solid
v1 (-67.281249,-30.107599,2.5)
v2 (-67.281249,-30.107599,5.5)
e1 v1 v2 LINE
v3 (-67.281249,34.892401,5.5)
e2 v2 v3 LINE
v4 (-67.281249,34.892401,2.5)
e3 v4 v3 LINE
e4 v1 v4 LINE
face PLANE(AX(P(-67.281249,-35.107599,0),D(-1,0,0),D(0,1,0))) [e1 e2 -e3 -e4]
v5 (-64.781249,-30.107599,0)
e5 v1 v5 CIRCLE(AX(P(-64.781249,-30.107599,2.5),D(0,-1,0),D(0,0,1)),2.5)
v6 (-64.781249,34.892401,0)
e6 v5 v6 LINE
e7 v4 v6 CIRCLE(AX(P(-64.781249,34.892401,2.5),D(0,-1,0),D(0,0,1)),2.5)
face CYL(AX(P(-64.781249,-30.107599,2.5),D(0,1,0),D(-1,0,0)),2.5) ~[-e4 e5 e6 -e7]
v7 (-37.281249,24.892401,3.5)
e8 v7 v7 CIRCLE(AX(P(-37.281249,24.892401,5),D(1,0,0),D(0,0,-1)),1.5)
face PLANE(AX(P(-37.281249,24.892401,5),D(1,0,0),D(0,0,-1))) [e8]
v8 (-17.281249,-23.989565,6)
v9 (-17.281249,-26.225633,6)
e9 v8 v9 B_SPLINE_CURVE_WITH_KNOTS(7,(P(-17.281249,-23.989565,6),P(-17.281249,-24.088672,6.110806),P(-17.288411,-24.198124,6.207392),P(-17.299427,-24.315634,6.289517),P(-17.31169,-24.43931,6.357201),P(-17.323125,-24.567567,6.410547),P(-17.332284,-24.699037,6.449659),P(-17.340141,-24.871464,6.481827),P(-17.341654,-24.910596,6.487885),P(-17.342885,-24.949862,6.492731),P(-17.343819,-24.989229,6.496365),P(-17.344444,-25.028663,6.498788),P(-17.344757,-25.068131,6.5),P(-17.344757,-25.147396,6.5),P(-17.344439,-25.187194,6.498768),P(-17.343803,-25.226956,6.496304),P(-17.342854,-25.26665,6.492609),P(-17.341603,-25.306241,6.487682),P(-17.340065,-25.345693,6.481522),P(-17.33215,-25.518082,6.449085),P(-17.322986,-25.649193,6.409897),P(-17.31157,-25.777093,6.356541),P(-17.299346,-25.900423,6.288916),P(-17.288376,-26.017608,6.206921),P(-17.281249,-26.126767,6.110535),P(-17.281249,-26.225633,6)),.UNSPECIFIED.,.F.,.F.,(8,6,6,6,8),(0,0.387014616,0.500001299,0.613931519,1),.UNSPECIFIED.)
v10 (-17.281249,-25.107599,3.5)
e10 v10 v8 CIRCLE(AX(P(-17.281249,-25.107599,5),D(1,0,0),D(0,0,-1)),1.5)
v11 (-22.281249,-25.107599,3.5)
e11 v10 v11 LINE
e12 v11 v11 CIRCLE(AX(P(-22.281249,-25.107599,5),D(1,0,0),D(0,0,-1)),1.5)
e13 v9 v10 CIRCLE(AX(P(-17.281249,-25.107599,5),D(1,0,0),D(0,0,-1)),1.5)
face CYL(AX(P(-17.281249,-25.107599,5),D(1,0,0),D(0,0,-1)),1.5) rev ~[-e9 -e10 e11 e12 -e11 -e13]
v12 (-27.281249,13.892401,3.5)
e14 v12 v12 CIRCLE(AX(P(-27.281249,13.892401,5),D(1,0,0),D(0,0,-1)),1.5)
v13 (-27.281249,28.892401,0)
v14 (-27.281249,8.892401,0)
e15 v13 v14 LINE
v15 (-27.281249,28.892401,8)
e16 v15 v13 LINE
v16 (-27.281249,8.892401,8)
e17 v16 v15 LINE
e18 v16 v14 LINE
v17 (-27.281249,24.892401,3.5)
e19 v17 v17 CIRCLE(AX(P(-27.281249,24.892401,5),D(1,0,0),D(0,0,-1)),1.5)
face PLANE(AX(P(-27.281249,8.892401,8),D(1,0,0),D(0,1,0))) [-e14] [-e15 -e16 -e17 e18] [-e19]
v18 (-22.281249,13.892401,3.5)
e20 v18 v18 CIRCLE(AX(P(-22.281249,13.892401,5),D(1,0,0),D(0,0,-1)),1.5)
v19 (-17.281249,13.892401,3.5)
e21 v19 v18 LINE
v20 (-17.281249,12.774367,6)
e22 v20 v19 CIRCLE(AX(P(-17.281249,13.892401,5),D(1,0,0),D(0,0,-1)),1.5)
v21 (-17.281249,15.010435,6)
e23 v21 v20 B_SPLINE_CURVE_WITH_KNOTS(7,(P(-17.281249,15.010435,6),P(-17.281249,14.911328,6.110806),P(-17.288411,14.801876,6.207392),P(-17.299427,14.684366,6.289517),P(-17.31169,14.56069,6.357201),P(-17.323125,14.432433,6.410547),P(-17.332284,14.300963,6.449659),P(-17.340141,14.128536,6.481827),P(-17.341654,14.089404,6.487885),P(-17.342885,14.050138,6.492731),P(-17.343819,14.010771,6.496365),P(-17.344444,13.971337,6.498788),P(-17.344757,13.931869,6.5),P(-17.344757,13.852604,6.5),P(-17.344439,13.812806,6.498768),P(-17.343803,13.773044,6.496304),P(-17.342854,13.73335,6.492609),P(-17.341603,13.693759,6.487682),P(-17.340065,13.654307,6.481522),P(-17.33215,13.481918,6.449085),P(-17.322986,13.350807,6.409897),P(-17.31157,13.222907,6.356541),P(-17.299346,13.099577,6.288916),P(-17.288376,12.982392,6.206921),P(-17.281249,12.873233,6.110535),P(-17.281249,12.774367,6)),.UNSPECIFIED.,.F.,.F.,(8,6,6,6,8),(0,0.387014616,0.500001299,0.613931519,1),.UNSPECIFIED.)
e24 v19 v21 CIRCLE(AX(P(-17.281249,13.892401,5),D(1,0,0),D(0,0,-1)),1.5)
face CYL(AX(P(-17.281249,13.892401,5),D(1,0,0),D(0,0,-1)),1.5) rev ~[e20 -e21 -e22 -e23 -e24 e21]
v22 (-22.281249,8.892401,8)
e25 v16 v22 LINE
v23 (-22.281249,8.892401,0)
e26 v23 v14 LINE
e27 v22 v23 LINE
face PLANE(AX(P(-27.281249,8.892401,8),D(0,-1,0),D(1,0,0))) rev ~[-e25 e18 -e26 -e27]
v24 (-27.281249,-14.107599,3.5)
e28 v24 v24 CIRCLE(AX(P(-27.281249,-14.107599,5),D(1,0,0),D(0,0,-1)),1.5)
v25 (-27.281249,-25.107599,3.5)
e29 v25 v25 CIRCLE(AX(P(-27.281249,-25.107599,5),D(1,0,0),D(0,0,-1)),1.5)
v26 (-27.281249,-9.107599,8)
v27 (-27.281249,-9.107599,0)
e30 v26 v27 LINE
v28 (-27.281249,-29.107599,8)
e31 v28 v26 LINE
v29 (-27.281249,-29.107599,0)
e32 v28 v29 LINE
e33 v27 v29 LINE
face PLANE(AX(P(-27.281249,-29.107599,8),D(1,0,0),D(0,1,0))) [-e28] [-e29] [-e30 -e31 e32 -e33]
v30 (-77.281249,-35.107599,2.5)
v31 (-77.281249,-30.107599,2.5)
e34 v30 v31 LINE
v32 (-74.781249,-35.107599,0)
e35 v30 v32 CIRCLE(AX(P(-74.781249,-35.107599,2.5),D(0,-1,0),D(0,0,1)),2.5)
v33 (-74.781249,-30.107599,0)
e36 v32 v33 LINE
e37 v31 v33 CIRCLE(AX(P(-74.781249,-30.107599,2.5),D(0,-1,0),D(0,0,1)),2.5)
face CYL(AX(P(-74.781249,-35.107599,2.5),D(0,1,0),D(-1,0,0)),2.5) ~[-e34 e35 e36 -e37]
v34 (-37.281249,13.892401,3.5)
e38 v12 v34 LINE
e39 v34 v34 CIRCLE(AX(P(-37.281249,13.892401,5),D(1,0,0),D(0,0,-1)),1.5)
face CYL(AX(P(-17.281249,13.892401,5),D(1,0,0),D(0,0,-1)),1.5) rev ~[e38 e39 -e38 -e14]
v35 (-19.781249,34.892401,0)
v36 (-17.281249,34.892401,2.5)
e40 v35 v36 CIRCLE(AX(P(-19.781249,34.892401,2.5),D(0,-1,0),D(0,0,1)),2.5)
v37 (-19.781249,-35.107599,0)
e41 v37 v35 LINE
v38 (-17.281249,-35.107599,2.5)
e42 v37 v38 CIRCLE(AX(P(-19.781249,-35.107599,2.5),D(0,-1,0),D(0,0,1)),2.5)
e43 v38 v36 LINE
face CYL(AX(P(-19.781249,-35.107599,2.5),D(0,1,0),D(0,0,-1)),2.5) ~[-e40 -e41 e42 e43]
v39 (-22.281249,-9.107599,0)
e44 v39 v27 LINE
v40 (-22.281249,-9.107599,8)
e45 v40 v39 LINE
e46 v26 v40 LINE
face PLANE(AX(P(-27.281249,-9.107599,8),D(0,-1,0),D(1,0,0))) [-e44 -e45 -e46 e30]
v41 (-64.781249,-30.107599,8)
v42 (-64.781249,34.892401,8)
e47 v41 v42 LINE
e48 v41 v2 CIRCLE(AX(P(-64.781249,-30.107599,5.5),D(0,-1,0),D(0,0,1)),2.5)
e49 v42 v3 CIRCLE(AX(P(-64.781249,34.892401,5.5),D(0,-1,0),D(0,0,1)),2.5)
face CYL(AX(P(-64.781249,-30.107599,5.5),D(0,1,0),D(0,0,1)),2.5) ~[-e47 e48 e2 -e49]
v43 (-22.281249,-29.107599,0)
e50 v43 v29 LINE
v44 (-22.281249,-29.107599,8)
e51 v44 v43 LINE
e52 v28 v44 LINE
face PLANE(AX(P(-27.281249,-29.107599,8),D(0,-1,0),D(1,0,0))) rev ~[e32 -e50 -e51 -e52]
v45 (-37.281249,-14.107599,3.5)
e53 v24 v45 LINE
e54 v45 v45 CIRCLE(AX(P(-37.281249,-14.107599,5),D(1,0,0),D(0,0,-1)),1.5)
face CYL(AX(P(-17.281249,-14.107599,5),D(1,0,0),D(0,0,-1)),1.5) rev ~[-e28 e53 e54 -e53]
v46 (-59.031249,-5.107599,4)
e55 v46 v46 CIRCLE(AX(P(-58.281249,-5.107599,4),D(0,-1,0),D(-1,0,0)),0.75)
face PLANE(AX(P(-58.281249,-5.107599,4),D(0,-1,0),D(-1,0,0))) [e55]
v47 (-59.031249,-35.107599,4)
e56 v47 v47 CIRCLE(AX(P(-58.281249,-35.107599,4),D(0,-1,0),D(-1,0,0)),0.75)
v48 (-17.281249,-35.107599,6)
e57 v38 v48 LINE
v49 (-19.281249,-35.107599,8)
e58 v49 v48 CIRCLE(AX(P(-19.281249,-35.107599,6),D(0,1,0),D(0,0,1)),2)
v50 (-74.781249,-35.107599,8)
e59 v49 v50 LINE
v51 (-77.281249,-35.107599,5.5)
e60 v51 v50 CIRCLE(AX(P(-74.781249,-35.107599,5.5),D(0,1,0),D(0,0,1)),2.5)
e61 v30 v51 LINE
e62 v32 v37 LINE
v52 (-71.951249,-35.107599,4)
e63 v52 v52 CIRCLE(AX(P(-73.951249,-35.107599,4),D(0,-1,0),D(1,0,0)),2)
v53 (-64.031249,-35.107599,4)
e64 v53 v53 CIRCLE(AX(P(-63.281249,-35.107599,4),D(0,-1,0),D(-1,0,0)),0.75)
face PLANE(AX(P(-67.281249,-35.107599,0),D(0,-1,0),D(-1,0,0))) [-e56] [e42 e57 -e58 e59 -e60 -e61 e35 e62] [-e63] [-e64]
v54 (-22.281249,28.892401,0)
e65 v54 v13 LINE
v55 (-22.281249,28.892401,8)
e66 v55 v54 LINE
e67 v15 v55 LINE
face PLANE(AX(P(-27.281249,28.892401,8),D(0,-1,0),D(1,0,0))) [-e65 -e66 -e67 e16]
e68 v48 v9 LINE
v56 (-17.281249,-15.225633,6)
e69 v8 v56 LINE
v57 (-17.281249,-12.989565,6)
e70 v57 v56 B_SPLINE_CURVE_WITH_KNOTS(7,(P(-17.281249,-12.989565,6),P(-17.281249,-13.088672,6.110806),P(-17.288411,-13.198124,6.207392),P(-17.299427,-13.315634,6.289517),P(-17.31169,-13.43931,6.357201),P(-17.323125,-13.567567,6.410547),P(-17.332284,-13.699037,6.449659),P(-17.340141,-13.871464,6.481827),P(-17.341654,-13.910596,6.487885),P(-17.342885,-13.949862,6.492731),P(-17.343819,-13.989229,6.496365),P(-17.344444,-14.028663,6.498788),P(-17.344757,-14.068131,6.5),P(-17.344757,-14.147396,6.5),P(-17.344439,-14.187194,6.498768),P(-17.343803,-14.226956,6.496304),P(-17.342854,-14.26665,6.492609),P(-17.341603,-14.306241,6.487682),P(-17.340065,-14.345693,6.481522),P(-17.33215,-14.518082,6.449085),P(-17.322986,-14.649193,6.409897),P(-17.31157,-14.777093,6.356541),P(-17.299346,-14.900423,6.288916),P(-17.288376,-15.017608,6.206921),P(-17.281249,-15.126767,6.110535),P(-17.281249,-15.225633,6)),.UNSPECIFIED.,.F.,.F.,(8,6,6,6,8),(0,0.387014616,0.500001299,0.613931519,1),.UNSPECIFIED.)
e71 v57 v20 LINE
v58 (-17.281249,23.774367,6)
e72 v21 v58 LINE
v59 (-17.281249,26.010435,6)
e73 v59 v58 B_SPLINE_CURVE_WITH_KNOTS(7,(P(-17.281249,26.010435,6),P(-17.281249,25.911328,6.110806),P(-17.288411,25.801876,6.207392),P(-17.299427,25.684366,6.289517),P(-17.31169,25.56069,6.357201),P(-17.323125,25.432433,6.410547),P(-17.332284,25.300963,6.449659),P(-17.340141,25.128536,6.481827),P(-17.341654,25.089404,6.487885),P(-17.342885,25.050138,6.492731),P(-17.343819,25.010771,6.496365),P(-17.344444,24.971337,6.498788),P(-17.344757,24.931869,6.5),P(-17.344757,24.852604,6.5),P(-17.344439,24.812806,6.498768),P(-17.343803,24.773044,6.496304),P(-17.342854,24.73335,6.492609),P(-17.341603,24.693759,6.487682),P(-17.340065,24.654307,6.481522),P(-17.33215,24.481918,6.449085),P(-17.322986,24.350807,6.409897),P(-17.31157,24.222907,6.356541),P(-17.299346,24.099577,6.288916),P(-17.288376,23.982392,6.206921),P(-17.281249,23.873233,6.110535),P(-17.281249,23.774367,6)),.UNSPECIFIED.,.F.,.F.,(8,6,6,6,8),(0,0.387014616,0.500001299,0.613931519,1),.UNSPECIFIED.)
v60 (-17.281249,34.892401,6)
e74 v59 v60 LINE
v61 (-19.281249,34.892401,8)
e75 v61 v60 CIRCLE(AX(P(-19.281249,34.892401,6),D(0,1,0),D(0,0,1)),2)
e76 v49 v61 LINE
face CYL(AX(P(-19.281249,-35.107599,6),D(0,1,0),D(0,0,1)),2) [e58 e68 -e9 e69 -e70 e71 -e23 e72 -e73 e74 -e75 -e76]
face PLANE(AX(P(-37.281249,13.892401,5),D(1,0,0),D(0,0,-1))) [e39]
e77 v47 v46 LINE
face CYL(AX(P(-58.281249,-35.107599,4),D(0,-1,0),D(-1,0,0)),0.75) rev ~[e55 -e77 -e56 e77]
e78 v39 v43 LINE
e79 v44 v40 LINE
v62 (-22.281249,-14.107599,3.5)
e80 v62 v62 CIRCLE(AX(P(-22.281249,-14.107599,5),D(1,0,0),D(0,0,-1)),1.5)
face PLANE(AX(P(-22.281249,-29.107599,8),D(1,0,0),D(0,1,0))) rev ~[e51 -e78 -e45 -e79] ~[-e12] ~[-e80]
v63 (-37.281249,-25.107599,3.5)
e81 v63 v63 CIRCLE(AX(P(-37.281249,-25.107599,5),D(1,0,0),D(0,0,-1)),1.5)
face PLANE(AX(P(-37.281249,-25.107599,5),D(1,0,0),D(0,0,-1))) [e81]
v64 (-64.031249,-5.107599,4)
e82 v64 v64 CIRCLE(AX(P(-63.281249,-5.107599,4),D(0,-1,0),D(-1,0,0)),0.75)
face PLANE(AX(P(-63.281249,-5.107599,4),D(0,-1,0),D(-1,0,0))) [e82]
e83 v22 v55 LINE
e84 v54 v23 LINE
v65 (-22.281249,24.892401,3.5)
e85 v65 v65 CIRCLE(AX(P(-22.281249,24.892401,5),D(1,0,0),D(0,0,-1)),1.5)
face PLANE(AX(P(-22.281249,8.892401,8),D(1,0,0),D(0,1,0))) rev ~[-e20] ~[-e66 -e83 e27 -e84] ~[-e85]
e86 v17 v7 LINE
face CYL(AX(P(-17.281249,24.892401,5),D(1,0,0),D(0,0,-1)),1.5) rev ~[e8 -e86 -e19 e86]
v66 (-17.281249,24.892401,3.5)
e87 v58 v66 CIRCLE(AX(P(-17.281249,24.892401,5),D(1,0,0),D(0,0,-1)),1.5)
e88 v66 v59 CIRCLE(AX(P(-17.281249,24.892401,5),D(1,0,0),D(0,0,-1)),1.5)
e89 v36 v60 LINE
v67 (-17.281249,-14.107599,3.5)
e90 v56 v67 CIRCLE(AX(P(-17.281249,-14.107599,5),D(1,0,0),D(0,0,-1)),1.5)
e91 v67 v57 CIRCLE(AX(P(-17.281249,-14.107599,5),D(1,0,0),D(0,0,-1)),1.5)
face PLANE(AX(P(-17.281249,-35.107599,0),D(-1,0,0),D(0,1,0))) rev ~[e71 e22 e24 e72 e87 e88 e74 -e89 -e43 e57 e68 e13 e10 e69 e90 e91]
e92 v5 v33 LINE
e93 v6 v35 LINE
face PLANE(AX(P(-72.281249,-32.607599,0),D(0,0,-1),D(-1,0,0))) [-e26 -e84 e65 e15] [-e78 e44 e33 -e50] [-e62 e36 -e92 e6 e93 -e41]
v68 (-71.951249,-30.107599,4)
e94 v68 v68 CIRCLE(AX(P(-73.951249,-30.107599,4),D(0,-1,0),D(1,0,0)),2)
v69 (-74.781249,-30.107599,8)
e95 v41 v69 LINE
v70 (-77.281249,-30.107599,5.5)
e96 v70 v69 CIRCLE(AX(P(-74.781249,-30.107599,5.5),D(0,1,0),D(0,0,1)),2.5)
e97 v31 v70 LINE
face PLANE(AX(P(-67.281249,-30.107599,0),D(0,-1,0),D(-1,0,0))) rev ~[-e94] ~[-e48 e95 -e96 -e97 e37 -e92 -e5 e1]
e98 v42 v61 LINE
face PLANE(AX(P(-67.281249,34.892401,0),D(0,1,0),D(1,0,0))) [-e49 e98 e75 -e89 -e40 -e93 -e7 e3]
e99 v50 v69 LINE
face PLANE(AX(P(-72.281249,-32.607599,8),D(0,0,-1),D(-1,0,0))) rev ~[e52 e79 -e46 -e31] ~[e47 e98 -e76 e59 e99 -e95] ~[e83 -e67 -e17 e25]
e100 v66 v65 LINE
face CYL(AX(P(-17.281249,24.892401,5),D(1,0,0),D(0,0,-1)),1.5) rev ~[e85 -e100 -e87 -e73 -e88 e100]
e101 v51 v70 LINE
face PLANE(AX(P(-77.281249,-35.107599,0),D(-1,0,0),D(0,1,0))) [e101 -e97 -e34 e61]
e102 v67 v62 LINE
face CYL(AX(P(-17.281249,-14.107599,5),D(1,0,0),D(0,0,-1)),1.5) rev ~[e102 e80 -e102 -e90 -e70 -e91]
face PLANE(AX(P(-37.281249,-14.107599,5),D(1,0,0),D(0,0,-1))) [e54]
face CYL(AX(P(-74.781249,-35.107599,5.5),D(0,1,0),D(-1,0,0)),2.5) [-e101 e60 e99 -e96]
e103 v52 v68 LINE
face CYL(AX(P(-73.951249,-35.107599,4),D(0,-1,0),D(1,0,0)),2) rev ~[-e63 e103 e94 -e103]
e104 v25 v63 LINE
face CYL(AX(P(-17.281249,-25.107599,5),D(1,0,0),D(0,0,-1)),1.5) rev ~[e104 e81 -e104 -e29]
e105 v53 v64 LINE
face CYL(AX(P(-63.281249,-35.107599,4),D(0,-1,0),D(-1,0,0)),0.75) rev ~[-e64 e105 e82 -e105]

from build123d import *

# Parameters (mm, degrees)
ESBO_O2_W                = 50
ESBO_O2_H                = 70
RESSALTO_EXTRUS_O1_DEPTH = 8
ESBO_O3_R                = 0.75
CORTE_EXTRUS_O1_DEPTH    = 30
FILETE1_R                = 2
ESBO_O17_W               = 10
ESBO_O17_H               = 5
RESSALTO_EXTRUS_O4_DEPTH = 8
ESBO_O20_R               = 2
CORTE_EXTRUS_O9_DEPTH    = 8
FILETE2_R                = 2.5
FILETE3_R                = 2.5
FILETE4_R                = 2.5
FILETE5_R                = 2.5
ESBO_O21_W               = 5
ESBO_O21_H               = 20
CORTE_EXTRUS_O10_DEPTH   = 9
FILETE6_R                = 2.5
ESBO_O22_R               = 1.5
CORTE_EXTRUS_O11_DEPTH   = 20


with BuildPart() as part:
    # Esboço2 → Ressalto-extrusão1 (new body)
    with BuildSketch(Plane.XY):
        with Locations((-42.281248797, -0.107598663)):
            Rectangle(ESBO_O2_W, ESBO_O2_H)
    extrude(amount=RESSALTO_EXTRUS_O1_DEPTH)

    # Esboço3 → Corte-extrusão1 (cut)
    with BuildSketch(Plane(origin=(0, -35.107598663, 0), x_dir=(-1, 0, 0), z_dir=(0, -1, 0))):
        with Locations((58.281248797, -4)):
            Circle(ESBO_O3_R)
        with Locations((63.281248797, -4)):
            Circle(ESBO_O3_R)
    extrude(amount=-CORTE_EXTRUS_O1_DEPTH, mode=Mode.SUBTRACT)

    # Filete1
    filete1_edges = [part.edges().sort_by_distance(p)[0] for p in [
        (-17.281248797, -0.107598663, 8),
    ]]
    fillet(filete1_edges, radius=FILETE1_R)

    # Esboço17 → Ressalto-extrusão4 (add)
    with BuildSketch(Plane(origin=(0, 0, 0), x_dir=(-1, 0, 0), z_dir=(0, 0, -1))):
        with Locations((72.281248797, -32.607598663)):
            Rectangle(ESBO_O17_W, ESBO_O17_H)
    extrude(amount=-RESSALTO_EXTRUS_O4_DEPTH)

    # Esboço20 → Corte-extrusão9 (cut)
    with BuildSketch(Plane.XZ.offset(35.107598663)):
        with Locations((-73.951248797, 4)):
            Circle(ESBO_O20_R)
    extrude(amount=-CORTE_EXTRUS_O9_DEPTH, mode=Mode.SUBTRACT)

    # Filete2
    filete2_edges = [part.edges().sort_by_distance(p)[0] for p in [
        (-67.281248797, 2.392401337, 8),
    ]]
    fillet(filete2_edges, radius=FILETE2_R)

    # Filete3
    filete3_edges = [part.edges().sort_by_distance(p)[0] for p in [
        (-67.281248797, 2.392401337, 0),
    ]]
    fillet(filete3_edges, radius=FILETE3_R)

    # Filete4
    filete4_edges = [part.edges().sort_by_distance(p)[0] for p in [
        (-77.281248797, -32.607598663, 8),
    ]]
    fillet(filete4_edges, radius=FILETE4_R)

    # Filete5
    filete5_edges = [part.edges().sort_by_distance(p)[0] for p in [
        (-77.281248797, -32.607598663, 0),
    ]]
    fillet(filete5_edges, radius=FILETE5_R)

    # Esboço21 → Corte-extrusão10 (cut, through all)
    with BuildSketch(Plane.XY.offset(8)):
        with Locations((-24.781248797, 18.892401337)):
            Rectangle(ESBO_O21_W, ESBO_O21_H)
        with Locations((-24.781248797, -19.107598663)):
            Rectangle(ESBO_O21_W, ESBO_O21_H)
    extrude(amount=-CORTE_EXTRUS_O10_DEPTH, mode=Mode.SUBTRACT)

    # Filete6
    filete6_edges = [part.edges().sort_by_distance(p)[0] for p in [
        (-17.281248797, -0.107598663, 0),
    ]]
    fillet(filete6_edges, radius=FILETE6_R)

    # Esboço22 → Corte-extrusão11 (cut)
    with BuildSketch(Plane(origin=(-17.281248797, 0, 0), x_dir=(0, 0, -1), z_dir=(1, 0, 0))):
        with Locations((-5, -25.107598663)):
            Circle(ESBO_O22_R)
        with Locations((-5, -14.107598663)):
            Circle(ESBO_O22_R)
        with Locations((-5, 24.892401337)):
            Circle(ESBO_O22_R)
        with Locations((-5, 13.892401337)):
            Circle(ESBO_O22_R)
    extrude(amount=-CORTE_EXTRUS_O11_DEPTH, mode=Mode.SUBTRACT)


solid = part.part
